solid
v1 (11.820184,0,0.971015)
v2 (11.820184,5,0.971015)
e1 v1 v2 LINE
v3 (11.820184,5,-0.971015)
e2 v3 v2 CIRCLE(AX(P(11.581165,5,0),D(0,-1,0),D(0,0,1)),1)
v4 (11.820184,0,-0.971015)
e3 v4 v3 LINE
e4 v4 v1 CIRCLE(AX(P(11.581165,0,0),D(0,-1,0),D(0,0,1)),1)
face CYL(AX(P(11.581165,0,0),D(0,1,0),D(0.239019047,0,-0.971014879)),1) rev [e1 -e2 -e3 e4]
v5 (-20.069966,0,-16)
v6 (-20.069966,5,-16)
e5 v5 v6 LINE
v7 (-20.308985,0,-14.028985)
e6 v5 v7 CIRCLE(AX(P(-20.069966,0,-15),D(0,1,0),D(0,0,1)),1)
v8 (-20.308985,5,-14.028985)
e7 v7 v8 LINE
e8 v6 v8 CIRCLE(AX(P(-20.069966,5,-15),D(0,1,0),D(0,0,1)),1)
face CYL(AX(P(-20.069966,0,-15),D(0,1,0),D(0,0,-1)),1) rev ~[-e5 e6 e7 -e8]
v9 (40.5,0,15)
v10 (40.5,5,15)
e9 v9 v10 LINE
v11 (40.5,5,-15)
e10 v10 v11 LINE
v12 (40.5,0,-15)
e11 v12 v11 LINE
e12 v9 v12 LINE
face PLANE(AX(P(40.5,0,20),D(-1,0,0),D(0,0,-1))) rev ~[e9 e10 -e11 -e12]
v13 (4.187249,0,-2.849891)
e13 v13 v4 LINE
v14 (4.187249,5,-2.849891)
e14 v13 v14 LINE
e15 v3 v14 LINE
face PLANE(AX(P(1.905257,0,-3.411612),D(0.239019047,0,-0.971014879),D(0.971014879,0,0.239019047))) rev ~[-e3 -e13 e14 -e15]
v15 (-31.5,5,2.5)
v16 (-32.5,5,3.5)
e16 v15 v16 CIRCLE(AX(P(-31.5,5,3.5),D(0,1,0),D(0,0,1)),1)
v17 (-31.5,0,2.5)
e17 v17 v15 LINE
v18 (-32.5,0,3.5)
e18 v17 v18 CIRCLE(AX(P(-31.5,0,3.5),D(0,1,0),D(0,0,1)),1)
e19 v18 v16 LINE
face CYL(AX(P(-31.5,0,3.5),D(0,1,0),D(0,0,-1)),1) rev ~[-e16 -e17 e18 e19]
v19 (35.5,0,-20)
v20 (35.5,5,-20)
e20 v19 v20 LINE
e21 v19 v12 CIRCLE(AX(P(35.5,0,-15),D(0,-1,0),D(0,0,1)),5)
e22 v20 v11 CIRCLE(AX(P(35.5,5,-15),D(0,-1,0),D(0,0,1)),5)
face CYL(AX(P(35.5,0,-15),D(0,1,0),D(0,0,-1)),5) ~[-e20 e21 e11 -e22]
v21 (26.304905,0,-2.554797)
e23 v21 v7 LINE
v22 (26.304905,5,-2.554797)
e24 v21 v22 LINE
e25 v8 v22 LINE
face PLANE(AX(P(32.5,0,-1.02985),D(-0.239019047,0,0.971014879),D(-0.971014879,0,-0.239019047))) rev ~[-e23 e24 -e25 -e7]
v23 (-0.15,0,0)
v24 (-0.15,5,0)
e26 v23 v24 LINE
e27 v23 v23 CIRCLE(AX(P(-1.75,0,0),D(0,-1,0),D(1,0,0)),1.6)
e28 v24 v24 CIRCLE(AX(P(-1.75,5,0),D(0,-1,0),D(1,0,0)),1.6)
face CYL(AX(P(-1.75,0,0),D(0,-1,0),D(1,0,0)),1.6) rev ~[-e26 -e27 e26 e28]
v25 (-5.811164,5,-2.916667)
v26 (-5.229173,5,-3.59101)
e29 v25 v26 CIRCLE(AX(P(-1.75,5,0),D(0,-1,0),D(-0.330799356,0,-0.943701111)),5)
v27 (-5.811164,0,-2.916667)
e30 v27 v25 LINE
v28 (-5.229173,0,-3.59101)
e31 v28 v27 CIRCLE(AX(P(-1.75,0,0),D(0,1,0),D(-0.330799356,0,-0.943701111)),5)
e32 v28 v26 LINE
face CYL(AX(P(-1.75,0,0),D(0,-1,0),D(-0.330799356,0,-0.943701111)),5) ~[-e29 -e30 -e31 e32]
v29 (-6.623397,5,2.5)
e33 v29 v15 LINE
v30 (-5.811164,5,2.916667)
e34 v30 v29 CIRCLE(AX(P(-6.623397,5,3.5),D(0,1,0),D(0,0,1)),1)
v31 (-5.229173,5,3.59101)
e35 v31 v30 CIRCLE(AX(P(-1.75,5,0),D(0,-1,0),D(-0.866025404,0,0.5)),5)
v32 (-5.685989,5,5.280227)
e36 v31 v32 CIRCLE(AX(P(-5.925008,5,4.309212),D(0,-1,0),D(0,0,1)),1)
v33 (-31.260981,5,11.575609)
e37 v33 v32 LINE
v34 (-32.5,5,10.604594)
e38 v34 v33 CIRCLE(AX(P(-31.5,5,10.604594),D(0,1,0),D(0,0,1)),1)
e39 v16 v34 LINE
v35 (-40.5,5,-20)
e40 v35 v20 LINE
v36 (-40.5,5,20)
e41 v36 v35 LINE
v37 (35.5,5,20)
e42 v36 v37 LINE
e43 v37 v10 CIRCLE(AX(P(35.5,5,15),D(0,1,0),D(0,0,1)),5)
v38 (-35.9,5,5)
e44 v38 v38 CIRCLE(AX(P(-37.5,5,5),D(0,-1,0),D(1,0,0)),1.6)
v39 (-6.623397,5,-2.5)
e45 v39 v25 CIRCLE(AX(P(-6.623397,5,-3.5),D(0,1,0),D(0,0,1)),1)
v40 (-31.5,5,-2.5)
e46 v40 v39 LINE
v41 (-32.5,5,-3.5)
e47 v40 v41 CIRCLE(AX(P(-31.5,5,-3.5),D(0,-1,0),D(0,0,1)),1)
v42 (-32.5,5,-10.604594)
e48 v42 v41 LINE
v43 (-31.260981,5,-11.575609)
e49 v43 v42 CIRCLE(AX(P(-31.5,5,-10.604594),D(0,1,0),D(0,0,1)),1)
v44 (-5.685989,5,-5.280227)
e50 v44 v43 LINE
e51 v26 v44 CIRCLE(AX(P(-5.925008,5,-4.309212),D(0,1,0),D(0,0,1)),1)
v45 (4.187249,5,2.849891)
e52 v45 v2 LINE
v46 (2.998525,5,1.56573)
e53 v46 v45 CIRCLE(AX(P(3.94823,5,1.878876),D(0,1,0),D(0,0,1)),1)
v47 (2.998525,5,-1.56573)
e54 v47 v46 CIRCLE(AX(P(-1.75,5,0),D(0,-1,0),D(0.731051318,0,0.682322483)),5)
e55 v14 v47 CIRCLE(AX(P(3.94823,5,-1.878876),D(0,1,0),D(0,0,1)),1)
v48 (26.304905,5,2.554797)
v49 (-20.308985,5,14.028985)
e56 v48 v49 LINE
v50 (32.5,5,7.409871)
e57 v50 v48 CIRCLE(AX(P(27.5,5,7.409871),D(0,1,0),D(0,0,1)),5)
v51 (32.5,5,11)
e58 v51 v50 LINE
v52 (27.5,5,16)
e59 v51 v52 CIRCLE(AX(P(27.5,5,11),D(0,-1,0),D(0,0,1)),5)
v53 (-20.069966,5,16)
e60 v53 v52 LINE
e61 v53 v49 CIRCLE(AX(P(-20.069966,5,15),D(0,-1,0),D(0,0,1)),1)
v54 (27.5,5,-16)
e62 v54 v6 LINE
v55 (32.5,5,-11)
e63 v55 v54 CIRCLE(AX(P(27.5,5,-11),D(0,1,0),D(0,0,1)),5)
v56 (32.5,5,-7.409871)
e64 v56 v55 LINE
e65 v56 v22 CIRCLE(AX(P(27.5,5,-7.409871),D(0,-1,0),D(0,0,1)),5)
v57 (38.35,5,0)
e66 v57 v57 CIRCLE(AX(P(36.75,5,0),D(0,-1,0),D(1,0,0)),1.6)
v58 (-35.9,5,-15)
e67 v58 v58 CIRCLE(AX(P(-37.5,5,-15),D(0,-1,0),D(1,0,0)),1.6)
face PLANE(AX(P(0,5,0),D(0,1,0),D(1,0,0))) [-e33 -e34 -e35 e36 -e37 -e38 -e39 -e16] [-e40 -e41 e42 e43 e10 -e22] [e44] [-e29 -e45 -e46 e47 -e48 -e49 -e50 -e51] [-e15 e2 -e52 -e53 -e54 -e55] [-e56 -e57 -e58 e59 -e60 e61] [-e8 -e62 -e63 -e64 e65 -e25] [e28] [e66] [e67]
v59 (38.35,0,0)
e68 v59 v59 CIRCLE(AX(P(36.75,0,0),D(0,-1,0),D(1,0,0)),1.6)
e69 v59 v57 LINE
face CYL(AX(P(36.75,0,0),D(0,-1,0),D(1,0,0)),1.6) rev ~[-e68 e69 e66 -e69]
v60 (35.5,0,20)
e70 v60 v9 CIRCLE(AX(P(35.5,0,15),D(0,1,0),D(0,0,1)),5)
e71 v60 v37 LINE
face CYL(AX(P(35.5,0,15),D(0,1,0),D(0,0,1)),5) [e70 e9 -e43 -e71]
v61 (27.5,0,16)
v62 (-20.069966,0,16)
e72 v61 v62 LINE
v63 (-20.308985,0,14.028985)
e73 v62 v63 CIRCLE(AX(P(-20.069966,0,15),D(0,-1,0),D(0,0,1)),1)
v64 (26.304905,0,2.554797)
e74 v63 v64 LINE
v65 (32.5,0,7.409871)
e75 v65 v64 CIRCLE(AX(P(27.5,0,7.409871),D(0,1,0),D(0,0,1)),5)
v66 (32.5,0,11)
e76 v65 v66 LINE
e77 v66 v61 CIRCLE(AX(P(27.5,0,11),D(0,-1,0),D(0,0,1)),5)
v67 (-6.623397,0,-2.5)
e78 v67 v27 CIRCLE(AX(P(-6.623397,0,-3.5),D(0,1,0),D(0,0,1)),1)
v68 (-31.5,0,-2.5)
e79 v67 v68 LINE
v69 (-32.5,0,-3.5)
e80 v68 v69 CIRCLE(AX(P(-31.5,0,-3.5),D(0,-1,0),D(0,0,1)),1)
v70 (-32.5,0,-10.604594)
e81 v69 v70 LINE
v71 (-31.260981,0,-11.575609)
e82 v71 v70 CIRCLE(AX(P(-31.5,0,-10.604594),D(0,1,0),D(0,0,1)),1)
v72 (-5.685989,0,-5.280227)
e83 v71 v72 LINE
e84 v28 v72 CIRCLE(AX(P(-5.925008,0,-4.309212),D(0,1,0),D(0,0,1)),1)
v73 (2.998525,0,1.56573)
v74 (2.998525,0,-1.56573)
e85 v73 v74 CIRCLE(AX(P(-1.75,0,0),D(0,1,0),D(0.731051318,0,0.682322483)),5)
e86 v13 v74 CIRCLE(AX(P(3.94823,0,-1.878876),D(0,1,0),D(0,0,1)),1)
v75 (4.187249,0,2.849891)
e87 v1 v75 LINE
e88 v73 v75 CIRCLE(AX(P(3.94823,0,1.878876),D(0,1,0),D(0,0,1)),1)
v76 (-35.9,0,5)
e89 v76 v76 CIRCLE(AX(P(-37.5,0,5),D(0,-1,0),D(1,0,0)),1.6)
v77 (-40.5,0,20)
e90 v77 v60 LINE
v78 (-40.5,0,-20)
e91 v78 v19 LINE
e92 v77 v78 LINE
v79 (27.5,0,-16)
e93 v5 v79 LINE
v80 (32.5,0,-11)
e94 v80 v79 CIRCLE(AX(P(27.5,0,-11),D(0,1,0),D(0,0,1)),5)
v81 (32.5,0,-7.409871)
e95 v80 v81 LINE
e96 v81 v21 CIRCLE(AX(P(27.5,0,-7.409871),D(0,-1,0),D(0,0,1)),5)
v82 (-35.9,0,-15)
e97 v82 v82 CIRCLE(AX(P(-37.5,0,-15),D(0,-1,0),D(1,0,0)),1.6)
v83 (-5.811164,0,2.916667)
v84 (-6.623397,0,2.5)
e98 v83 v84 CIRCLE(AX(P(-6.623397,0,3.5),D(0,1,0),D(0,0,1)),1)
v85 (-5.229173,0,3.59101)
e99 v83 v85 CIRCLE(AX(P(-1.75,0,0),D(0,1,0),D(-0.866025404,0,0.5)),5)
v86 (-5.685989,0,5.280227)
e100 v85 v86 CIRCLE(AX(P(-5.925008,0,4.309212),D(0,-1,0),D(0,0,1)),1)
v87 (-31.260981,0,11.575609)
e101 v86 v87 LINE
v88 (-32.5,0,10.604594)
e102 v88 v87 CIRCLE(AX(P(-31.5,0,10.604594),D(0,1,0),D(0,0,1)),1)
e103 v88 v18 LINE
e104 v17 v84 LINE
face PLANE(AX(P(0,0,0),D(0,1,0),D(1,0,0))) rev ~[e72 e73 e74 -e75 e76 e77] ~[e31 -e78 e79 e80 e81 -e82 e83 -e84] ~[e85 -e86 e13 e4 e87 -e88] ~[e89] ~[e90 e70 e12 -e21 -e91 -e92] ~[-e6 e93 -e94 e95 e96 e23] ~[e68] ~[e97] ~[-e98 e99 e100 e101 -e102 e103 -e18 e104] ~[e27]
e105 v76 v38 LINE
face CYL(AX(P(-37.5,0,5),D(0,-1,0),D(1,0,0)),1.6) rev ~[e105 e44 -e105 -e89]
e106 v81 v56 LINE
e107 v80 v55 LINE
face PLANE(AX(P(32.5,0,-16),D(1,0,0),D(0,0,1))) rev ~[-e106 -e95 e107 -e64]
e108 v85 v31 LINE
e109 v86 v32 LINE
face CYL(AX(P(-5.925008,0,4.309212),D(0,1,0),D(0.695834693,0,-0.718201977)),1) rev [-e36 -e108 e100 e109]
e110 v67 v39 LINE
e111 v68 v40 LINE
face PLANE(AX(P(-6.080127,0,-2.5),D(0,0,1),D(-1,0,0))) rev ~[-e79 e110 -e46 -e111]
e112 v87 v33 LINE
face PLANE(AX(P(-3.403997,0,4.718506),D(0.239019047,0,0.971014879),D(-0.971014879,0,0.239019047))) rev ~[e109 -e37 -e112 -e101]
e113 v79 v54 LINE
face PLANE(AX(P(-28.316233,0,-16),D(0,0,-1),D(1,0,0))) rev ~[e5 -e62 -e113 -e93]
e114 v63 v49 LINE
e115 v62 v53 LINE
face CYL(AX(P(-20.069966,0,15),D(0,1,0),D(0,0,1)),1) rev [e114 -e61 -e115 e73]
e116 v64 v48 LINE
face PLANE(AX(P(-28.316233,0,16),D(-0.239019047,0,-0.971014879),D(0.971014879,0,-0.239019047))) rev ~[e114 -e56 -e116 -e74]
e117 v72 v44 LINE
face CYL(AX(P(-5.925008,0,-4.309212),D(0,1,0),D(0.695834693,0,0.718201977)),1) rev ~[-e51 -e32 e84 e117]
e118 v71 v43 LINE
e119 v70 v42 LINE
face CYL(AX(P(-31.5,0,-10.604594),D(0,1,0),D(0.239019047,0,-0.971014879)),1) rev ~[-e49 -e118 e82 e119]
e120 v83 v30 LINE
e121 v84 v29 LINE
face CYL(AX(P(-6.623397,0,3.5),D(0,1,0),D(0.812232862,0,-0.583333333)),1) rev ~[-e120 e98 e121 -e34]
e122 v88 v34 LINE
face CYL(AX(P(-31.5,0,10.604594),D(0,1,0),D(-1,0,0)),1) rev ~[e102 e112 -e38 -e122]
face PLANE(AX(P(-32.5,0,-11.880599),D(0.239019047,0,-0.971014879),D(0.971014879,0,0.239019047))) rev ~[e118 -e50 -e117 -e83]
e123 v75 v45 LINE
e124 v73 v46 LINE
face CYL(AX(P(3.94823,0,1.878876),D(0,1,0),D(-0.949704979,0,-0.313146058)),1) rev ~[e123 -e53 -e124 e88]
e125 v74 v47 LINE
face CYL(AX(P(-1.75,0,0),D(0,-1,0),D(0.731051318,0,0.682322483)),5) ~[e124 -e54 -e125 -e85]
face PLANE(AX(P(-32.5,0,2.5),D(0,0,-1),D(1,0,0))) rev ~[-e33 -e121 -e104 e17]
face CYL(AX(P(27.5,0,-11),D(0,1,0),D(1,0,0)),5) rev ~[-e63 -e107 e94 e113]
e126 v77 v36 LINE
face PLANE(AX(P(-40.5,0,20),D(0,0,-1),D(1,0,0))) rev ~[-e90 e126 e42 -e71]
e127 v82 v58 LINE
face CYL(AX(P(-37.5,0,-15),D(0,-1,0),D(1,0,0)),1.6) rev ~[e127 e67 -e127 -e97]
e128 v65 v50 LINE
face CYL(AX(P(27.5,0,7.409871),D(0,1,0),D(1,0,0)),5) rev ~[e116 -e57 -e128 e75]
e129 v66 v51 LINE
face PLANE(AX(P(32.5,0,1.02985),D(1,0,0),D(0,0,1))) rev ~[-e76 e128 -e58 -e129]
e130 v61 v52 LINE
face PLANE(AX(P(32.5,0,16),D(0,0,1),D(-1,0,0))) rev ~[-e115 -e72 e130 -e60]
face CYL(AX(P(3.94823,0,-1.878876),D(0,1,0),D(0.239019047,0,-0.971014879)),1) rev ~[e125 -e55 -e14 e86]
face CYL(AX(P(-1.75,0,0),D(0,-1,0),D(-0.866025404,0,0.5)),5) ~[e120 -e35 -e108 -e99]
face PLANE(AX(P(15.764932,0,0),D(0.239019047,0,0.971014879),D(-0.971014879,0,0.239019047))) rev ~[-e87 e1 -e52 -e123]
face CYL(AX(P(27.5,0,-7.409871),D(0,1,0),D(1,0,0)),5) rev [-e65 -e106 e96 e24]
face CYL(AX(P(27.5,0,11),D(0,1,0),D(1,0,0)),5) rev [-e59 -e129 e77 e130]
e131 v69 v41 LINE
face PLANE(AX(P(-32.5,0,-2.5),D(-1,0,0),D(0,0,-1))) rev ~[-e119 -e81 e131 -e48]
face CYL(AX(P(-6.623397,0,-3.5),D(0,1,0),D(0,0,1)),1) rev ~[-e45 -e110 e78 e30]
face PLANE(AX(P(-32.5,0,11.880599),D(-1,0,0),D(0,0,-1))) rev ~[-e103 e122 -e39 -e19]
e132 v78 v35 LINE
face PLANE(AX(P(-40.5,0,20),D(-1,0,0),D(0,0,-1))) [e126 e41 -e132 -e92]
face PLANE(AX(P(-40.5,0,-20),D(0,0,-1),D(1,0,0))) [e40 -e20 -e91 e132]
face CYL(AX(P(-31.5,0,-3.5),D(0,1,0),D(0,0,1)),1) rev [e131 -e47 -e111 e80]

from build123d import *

# Parameters (mm, degrees)
SKETCH_1_W          = 81
SKETCH_1_H          = 40
EXTRUDE_1_DEPTH     = 5
SKETCH_2_R          = 1.6
CUT_EXTRUDE_1_DEPTH = 6
FILLET_1_R          = 5
SKETCH_3_R          = 1.6
CUT_EXTRUDE_2_DEPTH = 6
CUT_EXTRUDE_5_DEPTH = 10
FILLET_2_R          = 5
FILLET_3_R          = 5
FILLET_4_R          = 1
FILLET_5_R          = 1


with BuildPart() as part:
    # 草图1 → 凸台-拉伸1 (new body)
    with BuildSketch(Plane(origin=(0, 0, 0), x_dir=(1, 0, 0), z_dir=(0, 1, 0))):
        Rectangle(SKETCH_1_W, SKETCH_1_H)
    extrude(amount=EXTRUDE_1_DEPTH)

    # 草图2 → 切除-拉伸1 (cut, through all)
    with BuildSketch(Plane.XZ):
        with Locations((36.75, 0)):
            Circle(SKETCH_2_R)
        with Locations((-1.75, 0)):
            Circle(SKETCH_2_R)
    extrude(amount=-CUT_EXTRUDE_1_DEPTH, mode=Mode.SUBTRACT)

    # 圆角1
    fillet_1_edges = [part.edges().sort_by_distance(p)[0] for p in [
        (40.5, 2.5, 20),
        (40.5, 2.5, -20),
    ]]
    fillet(fillet_1_edges, radius=FILLET_1_R)

    # 草图3 → 切除-拉伸2 (cut, through all)
    with BuildSketch(Plane.XZ):
        with Locations((-37.5, 5)):
            Circle(SKETCH_3_R)
        with Locations((-37.5, -15)):
            Circle(SKETCH_3_R)
    extrude(amount=-CUT_EXTRUDE_2_DEPTH, mode=Mode.SUBTRACT)

    # 草图4 → 切除-拉伸5 (cut)
    with BuildSketch(Plane.XZ):
        Polygon((32.5, 16), (-28.316233007, 16), (32.5, 1.029850337), align=None)
        with BuildLine():
            Line((-3.40399678, 4.718505553), (-32.5, 11.880598653))
            Line((-32.5, 11.880598653), (-32.5, 2.5))
            Line((-32.5, 2.5), (-6.080127019, 2.5))
            ThreePointArc((-6.080127019, 2.5), (-4.941061913, 3.849301738), (-3.40399678, 4.718505553))
        make_face()
        Polygon((32.5, -1.029850337), (-28.316233007, -16), (32.5, -16), align=None)
        with BuildLine():
            Line((15.764932029, 0), (1.905256588, 3.411612416))
            ThreePointArc((1.905256588, 3.411612416), (3.25, 0), (1.905256588, -3.411612416))
            Line((1.905256588, -3.411612416), (15.764932029, 0))
        make_face()
        with BuildLine():
            Line((-32.5, -2.5), (-32.5, -11.880598653))
            Line((-32.5, -11.880598653), (-3.40399678, -4.718505553))
            ThreePointArc((-3.40399678, -4.718505553), (-4.941061913, -3.849301738), (-6.080127019, -2.5))
            Line((-6.080127019, -2.5), (-32.5, -2.5))
        make_face()
    extrude(amount=-CUT_EXTRUDE_5_DEPTH, mode=Mode.SUBTRACT)

    # 圆角2
    fillet_2_edges = [part.edges().sort_by_distance(p)[0] for p in [
        (32.5, 2.5, 1.029850337),
        (32.5, 2.5, -1.029850337),
    ]]
    fillet(fillet_2_edges, radius=FILLET_2_R)

    # 圆角3
    fillet_3_edges = [part.edges().sort_by_distance(p)[0] for p in [
        (32.5, 2.5, 16),
        (32.5, 2.5, -16),
    ]]
    fillet(fillet_3_edges, radius=FILLET_3_R)

    # 圆角4
    fillet_4_edges = [part.edges().sort_by_distance(p)[0] for p in [
        (1.905256588, 2.5, -3.411612416),
        (1.905256588, 2.5, 3.411612416),
        (15.764932029, 2.5, 0),
    ]]
    fillet(fillet_4_edges, radius=FILLET_4_R)

    # 圆角5
    fillet_5_edges = [part.edges().sort_by_distance(p)[0] for p in [
        (-6.080127019, 2.5, -2.5),
        (-3.40399678, 2.5, -4.718505553),
        (-32.5, 2.5, -11.880598653),
        (-32.5, 2.5, -2.5),
        (-28.316233007, 2.5, 16),
        (-28.316233007, 2.5, -16),
        (-3.40399678, 2.5, 4.718505553),
        (-6.080127019, 2.5, 2.5),
        (-32.5, 2.5, 2.5),
        (-32.5, 2.5, 11.880598653),
    ]]
    fillet(fillet_5_edges, radius=FILLET_5_R)


solid = part.part
